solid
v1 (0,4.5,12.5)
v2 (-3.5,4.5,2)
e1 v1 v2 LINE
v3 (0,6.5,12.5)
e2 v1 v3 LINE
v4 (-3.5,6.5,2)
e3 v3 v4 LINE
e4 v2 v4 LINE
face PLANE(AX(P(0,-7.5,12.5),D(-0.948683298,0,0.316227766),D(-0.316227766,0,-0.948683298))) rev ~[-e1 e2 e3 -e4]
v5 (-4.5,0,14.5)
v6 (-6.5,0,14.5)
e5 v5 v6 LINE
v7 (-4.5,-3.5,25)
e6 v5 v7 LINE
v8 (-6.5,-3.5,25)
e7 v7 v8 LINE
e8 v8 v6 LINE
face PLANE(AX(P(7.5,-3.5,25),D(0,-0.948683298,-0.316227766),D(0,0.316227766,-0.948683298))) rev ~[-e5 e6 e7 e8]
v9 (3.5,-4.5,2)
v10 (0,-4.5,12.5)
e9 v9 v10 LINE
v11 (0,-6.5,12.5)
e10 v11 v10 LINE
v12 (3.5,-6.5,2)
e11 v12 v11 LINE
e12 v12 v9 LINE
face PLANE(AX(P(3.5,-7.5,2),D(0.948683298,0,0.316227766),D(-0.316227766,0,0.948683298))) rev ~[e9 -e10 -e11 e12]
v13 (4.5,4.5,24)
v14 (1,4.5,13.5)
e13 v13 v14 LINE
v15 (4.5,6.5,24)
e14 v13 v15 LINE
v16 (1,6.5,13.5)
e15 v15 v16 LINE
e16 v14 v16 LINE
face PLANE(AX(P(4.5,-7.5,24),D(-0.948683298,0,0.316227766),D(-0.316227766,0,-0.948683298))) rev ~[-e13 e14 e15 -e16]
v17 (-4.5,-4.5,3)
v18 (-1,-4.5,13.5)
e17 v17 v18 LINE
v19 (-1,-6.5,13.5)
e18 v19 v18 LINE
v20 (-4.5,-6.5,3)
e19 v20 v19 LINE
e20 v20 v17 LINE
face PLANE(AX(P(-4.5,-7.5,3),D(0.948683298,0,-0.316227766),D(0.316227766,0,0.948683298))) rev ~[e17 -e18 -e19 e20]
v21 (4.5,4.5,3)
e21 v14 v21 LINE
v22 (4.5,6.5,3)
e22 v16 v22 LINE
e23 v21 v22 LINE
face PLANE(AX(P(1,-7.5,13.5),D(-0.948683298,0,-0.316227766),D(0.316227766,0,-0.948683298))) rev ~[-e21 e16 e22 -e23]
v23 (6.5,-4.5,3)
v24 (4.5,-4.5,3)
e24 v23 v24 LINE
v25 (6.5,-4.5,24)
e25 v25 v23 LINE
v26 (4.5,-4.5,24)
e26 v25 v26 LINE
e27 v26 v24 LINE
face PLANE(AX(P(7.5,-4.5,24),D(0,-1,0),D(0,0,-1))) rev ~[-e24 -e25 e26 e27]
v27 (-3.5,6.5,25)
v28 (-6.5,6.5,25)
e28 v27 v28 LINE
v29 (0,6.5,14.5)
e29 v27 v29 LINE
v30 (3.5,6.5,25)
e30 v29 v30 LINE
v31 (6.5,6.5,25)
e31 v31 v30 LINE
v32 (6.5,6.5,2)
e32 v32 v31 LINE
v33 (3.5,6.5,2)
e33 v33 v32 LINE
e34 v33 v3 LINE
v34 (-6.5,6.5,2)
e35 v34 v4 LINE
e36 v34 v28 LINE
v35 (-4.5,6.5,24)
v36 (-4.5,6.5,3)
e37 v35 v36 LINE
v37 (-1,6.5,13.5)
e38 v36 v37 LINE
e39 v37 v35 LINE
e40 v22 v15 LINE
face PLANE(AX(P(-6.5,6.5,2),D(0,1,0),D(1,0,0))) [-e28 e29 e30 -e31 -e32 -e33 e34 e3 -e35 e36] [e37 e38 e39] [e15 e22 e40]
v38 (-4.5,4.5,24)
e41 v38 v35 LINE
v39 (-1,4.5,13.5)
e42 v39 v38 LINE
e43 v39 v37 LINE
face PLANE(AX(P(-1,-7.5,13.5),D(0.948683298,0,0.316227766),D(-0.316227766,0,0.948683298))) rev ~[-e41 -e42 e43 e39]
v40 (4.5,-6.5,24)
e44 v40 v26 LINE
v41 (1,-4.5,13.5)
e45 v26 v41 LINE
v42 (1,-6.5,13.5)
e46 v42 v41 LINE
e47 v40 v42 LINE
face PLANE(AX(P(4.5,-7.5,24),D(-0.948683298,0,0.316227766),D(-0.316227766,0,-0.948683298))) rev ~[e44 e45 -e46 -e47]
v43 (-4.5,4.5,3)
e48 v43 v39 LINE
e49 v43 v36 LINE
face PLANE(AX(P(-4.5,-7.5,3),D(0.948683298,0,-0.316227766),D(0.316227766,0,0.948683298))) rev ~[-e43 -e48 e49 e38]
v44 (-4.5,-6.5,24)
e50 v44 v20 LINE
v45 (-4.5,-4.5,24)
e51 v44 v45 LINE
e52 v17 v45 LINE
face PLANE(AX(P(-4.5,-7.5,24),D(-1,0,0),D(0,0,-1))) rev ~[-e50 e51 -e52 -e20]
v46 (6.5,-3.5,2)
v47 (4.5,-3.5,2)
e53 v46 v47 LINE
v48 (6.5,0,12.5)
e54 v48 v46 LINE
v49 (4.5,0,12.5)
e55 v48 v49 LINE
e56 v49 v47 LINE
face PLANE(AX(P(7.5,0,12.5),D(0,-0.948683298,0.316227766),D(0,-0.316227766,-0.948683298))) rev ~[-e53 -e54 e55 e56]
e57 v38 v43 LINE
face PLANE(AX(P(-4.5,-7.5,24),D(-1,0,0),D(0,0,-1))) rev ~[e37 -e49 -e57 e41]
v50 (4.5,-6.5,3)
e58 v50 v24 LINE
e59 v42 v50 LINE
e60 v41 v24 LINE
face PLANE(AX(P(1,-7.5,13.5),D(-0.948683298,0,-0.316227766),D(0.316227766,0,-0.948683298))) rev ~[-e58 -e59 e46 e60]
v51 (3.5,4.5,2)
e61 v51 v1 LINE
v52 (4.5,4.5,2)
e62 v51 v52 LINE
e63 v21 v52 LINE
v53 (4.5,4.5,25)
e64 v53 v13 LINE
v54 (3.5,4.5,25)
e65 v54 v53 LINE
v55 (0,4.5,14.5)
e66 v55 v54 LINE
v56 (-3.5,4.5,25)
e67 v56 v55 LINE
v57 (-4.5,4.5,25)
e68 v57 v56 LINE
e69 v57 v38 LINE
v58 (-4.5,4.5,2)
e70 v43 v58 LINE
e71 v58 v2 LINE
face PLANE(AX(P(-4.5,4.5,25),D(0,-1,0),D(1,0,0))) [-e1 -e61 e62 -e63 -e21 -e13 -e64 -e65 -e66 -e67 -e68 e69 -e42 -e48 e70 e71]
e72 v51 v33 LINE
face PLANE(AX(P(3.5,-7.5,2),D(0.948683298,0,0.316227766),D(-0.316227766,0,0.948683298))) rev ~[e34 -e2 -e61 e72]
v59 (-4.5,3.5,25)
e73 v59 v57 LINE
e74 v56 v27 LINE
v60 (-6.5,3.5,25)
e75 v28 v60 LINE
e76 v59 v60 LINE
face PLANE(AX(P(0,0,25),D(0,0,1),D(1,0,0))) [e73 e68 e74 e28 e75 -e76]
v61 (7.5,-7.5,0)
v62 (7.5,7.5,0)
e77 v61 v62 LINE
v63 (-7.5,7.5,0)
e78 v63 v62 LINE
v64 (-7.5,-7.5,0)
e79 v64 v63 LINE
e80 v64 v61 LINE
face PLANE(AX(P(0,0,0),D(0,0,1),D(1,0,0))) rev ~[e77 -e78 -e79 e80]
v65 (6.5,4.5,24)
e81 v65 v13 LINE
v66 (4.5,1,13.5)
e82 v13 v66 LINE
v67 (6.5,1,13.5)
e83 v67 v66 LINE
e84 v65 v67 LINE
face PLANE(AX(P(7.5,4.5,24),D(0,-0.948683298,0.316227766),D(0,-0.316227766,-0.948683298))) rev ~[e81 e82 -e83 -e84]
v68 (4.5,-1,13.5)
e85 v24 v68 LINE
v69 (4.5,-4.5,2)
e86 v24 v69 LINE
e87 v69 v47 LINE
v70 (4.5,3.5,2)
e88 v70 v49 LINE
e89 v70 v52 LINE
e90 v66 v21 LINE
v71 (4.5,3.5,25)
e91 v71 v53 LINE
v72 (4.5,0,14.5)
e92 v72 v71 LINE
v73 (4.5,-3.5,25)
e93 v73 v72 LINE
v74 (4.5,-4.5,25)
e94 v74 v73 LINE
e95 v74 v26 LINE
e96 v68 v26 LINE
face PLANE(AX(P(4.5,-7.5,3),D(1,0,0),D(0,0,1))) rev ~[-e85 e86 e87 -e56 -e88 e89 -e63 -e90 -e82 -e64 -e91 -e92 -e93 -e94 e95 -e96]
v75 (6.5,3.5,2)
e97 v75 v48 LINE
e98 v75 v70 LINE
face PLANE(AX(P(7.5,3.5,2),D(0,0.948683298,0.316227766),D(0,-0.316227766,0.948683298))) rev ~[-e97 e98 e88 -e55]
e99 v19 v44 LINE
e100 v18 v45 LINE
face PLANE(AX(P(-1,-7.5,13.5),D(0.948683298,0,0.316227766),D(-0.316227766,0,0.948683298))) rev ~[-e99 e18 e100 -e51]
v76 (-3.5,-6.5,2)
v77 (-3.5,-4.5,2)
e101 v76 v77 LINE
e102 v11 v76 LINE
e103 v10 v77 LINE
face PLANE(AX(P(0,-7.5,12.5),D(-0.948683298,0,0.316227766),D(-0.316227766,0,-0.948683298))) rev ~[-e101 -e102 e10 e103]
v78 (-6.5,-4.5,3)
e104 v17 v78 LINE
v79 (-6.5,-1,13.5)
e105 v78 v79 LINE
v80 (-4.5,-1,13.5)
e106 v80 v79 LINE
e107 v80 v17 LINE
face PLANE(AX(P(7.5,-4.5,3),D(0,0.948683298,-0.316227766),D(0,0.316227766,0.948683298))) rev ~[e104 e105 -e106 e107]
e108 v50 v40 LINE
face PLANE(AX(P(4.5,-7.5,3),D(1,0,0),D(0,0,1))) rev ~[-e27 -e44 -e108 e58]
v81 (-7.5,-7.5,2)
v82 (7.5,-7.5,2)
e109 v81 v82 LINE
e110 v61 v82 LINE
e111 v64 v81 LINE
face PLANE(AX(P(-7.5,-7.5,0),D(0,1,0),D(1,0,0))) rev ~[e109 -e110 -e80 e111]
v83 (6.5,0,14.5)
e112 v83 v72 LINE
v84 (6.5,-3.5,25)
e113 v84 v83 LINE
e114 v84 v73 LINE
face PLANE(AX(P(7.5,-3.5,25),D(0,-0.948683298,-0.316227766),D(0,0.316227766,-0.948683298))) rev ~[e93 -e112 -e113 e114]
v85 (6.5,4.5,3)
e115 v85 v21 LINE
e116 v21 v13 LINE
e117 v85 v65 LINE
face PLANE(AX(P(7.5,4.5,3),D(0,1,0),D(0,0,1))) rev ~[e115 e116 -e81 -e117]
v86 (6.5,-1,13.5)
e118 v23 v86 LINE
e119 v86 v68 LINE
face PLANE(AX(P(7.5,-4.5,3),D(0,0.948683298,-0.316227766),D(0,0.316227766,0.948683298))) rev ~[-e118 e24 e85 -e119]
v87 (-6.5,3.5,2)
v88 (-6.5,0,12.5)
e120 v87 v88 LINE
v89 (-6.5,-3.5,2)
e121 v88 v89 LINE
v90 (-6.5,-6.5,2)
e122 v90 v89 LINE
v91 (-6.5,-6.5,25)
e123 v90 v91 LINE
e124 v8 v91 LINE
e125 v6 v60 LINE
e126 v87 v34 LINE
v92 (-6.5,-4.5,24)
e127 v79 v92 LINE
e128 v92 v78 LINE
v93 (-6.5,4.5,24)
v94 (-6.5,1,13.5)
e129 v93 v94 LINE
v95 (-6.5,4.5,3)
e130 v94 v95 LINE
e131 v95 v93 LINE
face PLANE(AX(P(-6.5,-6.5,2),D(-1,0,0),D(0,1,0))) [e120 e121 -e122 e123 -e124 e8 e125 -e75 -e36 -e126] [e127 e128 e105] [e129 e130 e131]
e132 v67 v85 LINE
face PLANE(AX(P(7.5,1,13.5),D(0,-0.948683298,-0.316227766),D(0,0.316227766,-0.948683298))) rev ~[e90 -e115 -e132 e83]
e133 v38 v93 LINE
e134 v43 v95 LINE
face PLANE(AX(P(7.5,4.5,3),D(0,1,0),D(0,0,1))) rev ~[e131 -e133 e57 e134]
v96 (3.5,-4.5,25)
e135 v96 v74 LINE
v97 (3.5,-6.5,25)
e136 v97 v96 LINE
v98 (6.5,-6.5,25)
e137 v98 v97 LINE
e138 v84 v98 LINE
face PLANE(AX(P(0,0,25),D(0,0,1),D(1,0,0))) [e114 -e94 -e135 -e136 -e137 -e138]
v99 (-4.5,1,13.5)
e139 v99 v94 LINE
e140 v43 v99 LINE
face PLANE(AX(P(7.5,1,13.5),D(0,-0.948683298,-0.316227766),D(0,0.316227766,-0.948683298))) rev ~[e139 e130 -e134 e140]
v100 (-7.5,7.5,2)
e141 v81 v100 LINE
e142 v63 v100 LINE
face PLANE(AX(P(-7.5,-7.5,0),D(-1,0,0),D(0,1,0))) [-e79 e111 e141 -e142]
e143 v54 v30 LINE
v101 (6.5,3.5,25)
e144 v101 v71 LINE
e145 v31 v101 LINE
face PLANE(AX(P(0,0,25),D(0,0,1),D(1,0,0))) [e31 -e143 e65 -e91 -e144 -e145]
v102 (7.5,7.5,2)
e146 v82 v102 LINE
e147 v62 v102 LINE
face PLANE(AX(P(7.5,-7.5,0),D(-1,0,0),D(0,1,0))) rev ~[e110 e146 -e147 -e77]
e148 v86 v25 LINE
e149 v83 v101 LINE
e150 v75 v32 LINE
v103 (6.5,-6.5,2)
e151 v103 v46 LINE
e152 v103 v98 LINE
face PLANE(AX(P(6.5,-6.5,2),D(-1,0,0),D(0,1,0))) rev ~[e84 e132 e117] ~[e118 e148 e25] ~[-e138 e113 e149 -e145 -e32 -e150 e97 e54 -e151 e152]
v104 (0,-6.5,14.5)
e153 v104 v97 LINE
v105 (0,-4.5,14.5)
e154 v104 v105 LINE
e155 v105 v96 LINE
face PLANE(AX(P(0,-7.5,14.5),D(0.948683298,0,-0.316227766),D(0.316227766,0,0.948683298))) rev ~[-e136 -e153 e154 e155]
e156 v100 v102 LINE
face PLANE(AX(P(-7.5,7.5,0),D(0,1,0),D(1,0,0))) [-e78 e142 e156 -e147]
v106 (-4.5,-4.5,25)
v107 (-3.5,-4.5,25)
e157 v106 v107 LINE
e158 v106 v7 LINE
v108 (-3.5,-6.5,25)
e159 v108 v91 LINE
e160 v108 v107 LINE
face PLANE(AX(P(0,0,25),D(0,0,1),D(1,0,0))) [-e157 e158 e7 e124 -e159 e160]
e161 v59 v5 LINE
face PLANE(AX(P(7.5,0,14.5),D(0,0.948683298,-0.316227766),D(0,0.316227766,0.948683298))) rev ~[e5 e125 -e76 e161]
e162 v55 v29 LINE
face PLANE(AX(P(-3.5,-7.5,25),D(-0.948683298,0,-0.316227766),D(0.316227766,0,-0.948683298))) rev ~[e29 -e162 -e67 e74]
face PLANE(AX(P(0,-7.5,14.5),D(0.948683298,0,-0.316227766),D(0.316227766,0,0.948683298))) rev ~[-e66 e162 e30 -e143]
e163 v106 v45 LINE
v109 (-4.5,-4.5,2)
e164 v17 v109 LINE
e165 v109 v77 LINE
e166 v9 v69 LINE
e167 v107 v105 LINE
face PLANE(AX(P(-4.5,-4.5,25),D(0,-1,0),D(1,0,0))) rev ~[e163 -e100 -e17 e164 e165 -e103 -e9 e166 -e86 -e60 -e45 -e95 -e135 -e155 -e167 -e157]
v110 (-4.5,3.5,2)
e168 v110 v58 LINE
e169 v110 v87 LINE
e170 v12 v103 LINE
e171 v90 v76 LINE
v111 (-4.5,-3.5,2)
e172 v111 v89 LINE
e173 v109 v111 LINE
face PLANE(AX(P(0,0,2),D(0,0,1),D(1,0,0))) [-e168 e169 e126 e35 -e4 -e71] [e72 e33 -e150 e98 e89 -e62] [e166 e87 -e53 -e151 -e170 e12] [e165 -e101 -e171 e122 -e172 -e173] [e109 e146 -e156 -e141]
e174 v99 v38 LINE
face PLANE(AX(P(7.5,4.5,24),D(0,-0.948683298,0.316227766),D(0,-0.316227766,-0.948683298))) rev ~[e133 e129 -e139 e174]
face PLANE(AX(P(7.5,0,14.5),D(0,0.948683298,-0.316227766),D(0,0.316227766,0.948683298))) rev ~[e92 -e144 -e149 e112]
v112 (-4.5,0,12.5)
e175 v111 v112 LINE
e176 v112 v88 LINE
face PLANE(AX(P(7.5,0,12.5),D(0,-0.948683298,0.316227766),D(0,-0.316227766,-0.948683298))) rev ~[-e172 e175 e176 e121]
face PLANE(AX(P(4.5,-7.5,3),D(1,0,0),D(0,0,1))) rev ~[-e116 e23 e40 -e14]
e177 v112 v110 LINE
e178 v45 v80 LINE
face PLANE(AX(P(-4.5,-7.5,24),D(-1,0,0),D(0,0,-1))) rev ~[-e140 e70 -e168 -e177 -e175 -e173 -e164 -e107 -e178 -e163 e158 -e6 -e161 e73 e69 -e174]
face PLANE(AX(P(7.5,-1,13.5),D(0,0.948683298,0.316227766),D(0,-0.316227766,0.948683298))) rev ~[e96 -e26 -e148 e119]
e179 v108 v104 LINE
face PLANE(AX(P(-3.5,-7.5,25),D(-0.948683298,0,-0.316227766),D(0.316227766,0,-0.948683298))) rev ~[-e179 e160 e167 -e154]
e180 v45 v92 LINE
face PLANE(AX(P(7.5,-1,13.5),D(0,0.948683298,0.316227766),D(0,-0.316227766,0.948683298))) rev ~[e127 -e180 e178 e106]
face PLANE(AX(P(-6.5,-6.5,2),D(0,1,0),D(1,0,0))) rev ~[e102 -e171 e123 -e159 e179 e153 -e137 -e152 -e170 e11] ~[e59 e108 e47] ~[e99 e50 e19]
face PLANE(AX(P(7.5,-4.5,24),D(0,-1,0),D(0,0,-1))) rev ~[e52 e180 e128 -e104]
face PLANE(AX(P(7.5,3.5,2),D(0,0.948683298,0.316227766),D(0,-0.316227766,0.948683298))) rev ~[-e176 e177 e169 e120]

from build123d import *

# Parameters (mm, degrees)
F0_W      = 15
F0_H      = 15
F1_DEPTH  = 25
F2_W      = 9
F2_H      = 9
F3_DEPTH  = 23
F6_DEPTH  = 15.001
F8_DEPTH  = 15.001
F9_W      = 15
F9_H      = 15
F9_W_2    = 13
F9_H_2    = 13
F10_DEPTH = 40.4


with BuildPart() as f1:
    # F0 (on Top) → F1 (new body)
    with BuildSketch(Plane.XY):
        Rectangle(F0_W, F0_H)
    extrude(amount=F1_DEPTH)

    # F2 (on face) → F3 (cut)
    with BuildSketch(Plane.XY.offset(25)):
        Rectangle(F2_W, F2_H)
    extrude(amount=-F3_DEPTH, mode=Mode.SUBTRACT)

    # F5 (on face) → F6 (cut, through all)
    with BuildSketch(Plane.XZ.offset(7.5)):
        Polygon((3.5, 25), (-3.5, 25), (0, 14.5), align=None)
        Polygon((0, 12.5), (-3.5, 2), (3.5, 2), align=None)
        Polygon((-1, 13.5), (-4.5, 24), (-4.5, 3), align=None)
        Polygon((4.5, 3), (4.5, 24), (1, 13.5), align=None)
    extrude(amount=-F6_DEPTH, mode=Mode.SUBTRACT)

    # F7 (on face) → F8 (cut, through all)
    with BuildSketch(Plane.YZ.offset(7.5)):
        Polygon((3.5, 25), (-3.5, 25), (0, 14.5), align=None)
        Polygon((0, 12.5), (-3.5, 2), (3.5, 2), align=None)
        Polygon((4.5, 3), (4.5, 24), (1, 13.5), align=None)
        Polygon((-1, 13.5), (-4.5, 24), (-4.5, 3), align=None)
    extrude(amount=-F8_DEPTH, mode=Mode.SUBTRACT)

    # F9 (on face) → F10 (cut)
    with BuildSketch(Plane.XY.offset(2)):
        Rectangle(F9_W, F9_H)
        Rectangle(F9_W_2, F9_H_2, mode=Mode.SUBTRACT)
    extrude(amount=F10_DEPTH, mode=Mode.SUBTRACT)


solid = f1.part
